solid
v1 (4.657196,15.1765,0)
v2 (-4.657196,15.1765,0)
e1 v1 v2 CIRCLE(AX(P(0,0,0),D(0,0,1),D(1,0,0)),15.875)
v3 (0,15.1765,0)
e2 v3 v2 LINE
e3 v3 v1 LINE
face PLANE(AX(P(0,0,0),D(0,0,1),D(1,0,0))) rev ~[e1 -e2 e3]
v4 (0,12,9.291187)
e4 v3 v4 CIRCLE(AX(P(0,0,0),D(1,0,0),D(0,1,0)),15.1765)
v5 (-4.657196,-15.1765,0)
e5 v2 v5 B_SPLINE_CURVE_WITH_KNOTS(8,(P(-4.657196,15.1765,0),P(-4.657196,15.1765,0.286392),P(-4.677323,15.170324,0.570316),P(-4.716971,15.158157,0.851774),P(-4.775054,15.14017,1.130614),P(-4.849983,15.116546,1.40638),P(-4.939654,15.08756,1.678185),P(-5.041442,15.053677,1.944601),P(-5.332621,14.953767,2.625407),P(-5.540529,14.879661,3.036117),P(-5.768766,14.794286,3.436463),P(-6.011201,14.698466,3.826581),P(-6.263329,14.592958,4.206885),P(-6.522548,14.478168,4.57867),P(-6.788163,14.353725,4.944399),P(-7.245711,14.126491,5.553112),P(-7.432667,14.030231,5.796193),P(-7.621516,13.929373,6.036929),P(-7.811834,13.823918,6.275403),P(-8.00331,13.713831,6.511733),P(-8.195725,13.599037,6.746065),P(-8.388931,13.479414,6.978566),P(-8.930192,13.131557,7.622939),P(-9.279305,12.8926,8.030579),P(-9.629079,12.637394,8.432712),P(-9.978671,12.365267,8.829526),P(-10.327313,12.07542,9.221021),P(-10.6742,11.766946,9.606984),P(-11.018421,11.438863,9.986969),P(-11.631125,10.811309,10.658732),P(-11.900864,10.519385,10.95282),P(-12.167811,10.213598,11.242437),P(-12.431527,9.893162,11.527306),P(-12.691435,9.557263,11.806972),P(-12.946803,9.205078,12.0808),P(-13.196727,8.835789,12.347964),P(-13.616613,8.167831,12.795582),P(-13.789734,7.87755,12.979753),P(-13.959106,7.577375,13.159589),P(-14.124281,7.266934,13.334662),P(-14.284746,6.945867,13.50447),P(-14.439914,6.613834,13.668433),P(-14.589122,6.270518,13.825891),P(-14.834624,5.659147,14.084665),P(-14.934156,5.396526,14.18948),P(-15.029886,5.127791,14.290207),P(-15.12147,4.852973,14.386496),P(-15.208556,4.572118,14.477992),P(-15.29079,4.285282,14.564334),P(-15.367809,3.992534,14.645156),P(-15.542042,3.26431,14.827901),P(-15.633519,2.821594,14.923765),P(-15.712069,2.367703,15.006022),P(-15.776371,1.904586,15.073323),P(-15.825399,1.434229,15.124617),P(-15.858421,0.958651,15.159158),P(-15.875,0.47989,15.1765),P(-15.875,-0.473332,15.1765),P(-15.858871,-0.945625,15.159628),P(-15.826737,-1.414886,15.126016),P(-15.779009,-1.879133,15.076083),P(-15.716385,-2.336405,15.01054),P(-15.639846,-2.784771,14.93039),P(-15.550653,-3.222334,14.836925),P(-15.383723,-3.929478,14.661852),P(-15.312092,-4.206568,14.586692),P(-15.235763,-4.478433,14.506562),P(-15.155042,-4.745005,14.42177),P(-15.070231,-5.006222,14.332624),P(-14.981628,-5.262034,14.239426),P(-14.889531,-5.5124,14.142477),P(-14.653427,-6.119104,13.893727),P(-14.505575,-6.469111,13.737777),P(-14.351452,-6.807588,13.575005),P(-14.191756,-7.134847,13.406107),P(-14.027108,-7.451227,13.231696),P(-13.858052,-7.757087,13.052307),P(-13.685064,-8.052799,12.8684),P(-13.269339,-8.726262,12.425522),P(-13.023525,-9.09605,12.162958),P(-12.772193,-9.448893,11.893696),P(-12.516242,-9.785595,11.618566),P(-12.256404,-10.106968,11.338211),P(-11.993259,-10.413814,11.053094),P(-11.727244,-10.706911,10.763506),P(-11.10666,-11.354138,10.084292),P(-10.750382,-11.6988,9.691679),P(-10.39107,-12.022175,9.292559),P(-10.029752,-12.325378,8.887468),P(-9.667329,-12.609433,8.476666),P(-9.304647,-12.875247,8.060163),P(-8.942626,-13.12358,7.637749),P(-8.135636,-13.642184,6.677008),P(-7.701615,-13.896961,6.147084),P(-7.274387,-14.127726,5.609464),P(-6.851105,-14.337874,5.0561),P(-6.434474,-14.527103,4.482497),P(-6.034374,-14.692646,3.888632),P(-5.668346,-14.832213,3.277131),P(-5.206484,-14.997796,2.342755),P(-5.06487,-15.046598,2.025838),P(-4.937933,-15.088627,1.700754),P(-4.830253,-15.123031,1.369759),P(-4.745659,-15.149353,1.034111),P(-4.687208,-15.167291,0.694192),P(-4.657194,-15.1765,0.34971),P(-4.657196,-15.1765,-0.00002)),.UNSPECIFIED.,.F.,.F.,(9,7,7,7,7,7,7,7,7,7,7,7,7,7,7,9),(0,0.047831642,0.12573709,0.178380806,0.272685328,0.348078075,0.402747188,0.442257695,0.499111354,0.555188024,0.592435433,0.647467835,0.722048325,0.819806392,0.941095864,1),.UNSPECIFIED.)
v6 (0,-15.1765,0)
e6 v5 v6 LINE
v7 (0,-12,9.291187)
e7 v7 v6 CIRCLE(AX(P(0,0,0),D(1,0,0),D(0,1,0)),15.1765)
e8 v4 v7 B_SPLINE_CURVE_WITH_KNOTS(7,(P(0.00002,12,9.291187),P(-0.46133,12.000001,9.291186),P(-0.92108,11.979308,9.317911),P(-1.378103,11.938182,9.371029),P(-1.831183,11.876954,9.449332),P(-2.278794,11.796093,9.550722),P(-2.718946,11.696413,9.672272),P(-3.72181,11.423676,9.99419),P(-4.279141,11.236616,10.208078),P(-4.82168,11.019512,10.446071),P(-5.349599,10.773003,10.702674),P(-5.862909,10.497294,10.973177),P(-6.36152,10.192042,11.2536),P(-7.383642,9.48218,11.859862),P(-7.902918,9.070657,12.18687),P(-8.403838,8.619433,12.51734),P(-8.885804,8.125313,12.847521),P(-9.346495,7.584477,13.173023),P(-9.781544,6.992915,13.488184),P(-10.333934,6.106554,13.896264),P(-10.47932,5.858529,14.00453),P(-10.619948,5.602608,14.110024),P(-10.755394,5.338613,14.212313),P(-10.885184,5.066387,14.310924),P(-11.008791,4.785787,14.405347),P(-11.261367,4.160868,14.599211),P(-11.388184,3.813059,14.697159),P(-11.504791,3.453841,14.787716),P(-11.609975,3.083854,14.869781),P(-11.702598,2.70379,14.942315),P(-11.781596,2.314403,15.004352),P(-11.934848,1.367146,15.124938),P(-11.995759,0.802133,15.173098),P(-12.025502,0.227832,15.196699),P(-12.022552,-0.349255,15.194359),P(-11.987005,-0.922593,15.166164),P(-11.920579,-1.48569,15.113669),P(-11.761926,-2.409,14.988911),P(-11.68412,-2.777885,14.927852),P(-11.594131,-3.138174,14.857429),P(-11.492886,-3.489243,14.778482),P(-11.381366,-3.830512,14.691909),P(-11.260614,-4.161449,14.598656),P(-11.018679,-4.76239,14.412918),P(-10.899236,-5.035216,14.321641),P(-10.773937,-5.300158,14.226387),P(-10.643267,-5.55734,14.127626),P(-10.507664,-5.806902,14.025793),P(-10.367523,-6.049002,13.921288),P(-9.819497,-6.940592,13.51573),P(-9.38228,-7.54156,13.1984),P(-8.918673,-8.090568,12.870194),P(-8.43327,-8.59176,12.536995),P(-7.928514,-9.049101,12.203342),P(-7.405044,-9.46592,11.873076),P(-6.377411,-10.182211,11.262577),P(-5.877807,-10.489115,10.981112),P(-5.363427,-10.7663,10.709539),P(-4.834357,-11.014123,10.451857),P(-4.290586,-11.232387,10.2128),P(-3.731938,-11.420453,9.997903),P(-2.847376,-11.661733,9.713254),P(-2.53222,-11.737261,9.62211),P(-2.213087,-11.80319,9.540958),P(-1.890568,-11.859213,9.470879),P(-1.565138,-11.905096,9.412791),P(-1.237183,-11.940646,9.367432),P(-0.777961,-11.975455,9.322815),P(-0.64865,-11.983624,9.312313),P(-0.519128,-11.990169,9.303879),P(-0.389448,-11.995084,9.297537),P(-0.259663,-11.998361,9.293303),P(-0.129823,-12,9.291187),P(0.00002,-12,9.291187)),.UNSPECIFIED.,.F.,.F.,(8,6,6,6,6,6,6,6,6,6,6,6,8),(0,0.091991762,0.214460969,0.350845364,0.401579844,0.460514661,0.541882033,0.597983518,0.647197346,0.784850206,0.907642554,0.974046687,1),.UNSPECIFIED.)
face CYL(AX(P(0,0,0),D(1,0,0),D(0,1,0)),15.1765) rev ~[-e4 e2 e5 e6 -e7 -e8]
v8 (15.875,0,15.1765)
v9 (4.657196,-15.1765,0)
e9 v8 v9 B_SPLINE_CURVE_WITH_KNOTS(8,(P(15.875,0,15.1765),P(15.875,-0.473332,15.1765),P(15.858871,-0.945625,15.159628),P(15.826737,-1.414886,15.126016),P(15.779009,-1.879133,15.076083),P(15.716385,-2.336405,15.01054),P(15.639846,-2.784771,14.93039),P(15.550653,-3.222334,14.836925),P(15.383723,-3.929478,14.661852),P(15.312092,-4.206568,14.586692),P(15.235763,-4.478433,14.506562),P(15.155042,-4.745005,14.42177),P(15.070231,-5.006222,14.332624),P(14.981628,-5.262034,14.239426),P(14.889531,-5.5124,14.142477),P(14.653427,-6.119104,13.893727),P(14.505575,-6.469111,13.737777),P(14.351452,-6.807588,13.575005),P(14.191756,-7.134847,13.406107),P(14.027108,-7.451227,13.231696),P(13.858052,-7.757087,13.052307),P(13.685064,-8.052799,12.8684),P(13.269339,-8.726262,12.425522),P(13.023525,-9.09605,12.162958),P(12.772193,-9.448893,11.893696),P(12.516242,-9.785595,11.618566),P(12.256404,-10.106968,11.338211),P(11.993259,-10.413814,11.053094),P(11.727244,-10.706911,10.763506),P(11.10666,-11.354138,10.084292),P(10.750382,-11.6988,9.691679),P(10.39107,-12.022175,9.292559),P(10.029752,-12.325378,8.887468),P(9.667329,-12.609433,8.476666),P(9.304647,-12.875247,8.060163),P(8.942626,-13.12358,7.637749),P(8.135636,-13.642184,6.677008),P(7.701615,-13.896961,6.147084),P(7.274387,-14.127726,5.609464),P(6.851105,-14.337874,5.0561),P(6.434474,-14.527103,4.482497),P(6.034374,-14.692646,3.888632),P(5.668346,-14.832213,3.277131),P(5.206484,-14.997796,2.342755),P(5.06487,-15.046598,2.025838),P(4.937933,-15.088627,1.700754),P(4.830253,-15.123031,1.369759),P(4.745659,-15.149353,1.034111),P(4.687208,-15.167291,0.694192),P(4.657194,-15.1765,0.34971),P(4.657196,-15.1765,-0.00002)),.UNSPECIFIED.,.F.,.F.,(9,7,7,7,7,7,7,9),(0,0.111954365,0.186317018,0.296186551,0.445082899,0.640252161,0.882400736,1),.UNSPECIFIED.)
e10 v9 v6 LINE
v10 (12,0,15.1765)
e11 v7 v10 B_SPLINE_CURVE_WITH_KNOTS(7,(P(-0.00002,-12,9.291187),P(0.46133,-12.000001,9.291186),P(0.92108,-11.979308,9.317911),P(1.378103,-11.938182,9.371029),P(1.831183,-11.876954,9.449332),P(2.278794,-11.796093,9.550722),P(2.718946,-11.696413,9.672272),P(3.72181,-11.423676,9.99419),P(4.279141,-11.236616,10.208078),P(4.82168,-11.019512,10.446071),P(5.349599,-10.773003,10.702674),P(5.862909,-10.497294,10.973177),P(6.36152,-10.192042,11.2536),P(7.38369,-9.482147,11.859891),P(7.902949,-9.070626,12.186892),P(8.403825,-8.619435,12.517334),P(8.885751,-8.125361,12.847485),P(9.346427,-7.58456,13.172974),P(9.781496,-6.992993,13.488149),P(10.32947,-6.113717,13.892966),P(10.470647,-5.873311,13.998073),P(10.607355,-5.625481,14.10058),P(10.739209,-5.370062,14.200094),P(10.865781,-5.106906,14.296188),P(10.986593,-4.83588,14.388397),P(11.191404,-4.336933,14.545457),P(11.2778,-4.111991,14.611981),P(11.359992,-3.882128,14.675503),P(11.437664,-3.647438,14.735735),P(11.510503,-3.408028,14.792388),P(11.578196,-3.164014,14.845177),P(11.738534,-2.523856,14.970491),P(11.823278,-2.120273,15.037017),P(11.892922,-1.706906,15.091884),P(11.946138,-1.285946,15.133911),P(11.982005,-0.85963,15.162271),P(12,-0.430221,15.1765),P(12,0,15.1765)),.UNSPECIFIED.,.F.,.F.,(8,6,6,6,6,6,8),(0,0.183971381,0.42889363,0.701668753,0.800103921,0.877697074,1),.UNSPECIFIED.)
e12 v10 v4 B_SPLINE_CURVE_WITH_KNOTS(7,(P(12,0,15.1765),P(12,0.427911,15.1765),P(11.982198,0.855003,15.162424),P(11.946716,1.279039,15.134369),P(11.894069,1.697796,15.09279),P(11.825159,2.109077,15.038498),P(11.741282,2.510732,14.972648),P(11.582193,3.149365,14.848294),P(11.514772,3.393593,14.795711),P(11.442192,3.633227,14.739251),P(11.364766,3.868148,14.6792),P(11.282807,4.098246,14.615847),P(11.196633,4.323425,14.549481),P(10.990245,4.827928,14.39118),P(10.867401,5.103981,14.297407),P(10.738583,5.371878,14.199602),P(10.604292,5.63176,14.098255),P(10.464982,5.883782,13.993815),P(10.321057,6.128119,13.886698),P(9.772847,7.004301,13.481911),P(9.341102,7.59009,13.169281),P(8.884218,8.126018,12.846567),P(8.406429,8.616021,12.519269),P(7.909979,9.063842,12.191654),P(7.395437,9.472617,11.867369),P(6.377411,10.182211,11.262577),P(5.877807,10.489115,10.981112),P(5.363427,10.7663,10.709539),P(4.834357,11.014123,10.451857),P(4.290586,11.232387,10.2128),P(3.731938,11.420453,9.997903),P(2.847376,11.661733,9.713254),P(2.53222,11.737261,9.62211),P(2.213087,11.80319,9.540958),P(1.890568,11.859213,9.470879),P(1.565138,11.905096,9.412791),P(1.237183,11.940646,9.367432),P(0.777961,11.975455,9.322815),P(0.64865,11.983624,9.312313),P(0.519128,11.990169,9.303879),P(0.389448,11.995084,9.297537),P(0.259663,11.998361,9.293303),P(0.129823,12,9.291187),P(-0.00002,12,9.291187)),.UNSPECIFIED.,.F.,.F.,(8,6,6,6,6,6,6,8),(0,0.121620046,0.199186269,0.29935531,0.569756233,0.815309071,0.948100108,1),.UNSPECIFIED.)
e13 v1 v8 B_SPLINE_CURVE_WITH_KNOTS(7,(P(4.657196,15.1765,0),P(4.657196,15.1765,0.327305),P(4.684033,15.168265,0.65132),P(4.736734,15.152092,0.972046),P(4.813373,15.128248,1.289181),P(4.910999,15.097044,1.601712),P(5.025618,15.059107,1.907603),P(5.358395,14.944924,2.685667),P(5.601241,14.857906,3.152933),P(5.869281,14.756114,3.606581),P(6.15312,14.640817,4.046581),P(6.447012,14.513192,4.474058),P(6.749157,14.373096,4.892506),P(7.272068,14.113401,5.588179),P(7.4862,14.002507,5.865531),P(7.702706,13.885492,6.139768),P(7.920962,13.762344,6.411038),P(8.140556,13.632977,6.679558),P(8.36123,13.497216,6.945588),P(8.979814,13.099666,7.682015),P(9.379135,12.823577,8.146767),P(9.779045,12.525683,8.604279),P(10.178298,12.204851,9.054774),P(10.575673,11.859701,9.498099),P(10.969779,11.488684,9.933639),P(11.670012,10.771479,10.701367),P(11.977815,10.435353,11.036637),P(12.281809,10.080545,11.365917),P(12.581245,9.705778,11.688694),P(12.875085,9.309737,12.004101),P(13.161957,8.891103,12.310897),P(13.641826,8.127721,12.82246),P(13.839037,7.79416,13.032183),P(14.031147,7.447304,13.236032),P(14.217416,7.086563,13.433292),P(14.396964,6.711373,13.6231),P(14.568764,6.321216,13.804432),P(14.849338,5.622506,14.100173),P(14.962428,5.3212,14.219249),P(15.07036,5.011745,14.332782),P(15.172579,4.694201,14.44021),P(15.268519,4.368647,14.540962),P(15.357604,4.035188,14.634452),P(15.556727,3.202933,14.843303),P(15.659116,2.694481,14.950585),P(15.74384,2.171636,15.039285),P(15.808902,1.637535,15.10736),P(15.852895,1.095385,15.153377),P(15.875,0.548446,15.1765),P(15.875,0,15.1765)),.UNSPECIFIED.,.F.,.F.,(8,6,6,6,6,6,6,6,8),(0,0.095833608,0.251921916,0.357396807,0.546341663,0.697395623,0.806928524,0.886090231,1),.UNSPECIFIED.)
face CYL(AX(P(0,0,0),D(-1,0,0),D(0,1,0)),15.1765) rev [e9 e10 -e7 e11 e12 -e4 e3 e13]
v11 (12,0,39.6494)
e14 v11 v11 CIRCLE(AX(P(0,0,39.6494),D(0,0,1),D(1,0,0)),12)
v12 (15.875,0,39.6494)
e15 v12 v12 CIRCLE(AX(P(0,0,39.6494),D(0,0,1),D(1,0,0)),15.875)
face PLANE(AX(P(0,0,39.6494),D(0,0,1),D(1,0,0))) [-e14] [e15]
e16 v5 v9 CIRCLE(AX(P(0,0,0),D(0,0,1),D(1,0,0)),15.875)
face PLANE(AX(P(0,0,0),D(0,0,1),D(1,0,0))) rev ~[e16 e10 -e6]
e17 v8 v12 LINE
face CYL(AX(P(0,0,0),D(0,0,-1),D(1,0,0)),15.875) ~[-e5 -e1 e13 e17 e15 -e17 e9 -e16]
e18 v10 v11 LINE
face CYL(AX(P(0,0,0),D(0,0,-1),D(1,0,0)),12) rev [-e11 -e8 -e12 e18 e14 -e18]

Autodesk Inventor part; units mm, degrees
ref_plane "YZ Plane" through (0, 0, 0) normal (1, 0, 0) x (0, 1, 0)
ref_plane "XZ Plane" through (0, 0, 0) normal (0, 1, 0) x (-1, 0, 0)
ref_plane "XY Plane" through (0, 0, 0) normal (0, 0, 1) x (1, 0, 0)
sketch "Sketch1" plane through (0, 0, 0) normal (0, 0, 1) x (1, 0, 0)
  circle A0 centre (0, 0) radius 15.875
  circle A1 centre (0, 0) radius 12
  dimension "d0" = 31.75
  dimension "d1" = 24
extrude "Extrusion1" add sketch "Sketch1" along normal blind 39.6494
sketch "Sketch2" plane through (0, 0, 0) normal (1, 0, 0) x (0, 1, 0)
  circle A0 centre (0, 0) radius 15.1765
  dimension "d4" = 30.353
extrude "Extrusion2" cut sketch "Sketch2" along normal through all both and the other way through all
properties part number "DPLX_P019_Camera Shroud_RevA" material "Aluminum 6061"
